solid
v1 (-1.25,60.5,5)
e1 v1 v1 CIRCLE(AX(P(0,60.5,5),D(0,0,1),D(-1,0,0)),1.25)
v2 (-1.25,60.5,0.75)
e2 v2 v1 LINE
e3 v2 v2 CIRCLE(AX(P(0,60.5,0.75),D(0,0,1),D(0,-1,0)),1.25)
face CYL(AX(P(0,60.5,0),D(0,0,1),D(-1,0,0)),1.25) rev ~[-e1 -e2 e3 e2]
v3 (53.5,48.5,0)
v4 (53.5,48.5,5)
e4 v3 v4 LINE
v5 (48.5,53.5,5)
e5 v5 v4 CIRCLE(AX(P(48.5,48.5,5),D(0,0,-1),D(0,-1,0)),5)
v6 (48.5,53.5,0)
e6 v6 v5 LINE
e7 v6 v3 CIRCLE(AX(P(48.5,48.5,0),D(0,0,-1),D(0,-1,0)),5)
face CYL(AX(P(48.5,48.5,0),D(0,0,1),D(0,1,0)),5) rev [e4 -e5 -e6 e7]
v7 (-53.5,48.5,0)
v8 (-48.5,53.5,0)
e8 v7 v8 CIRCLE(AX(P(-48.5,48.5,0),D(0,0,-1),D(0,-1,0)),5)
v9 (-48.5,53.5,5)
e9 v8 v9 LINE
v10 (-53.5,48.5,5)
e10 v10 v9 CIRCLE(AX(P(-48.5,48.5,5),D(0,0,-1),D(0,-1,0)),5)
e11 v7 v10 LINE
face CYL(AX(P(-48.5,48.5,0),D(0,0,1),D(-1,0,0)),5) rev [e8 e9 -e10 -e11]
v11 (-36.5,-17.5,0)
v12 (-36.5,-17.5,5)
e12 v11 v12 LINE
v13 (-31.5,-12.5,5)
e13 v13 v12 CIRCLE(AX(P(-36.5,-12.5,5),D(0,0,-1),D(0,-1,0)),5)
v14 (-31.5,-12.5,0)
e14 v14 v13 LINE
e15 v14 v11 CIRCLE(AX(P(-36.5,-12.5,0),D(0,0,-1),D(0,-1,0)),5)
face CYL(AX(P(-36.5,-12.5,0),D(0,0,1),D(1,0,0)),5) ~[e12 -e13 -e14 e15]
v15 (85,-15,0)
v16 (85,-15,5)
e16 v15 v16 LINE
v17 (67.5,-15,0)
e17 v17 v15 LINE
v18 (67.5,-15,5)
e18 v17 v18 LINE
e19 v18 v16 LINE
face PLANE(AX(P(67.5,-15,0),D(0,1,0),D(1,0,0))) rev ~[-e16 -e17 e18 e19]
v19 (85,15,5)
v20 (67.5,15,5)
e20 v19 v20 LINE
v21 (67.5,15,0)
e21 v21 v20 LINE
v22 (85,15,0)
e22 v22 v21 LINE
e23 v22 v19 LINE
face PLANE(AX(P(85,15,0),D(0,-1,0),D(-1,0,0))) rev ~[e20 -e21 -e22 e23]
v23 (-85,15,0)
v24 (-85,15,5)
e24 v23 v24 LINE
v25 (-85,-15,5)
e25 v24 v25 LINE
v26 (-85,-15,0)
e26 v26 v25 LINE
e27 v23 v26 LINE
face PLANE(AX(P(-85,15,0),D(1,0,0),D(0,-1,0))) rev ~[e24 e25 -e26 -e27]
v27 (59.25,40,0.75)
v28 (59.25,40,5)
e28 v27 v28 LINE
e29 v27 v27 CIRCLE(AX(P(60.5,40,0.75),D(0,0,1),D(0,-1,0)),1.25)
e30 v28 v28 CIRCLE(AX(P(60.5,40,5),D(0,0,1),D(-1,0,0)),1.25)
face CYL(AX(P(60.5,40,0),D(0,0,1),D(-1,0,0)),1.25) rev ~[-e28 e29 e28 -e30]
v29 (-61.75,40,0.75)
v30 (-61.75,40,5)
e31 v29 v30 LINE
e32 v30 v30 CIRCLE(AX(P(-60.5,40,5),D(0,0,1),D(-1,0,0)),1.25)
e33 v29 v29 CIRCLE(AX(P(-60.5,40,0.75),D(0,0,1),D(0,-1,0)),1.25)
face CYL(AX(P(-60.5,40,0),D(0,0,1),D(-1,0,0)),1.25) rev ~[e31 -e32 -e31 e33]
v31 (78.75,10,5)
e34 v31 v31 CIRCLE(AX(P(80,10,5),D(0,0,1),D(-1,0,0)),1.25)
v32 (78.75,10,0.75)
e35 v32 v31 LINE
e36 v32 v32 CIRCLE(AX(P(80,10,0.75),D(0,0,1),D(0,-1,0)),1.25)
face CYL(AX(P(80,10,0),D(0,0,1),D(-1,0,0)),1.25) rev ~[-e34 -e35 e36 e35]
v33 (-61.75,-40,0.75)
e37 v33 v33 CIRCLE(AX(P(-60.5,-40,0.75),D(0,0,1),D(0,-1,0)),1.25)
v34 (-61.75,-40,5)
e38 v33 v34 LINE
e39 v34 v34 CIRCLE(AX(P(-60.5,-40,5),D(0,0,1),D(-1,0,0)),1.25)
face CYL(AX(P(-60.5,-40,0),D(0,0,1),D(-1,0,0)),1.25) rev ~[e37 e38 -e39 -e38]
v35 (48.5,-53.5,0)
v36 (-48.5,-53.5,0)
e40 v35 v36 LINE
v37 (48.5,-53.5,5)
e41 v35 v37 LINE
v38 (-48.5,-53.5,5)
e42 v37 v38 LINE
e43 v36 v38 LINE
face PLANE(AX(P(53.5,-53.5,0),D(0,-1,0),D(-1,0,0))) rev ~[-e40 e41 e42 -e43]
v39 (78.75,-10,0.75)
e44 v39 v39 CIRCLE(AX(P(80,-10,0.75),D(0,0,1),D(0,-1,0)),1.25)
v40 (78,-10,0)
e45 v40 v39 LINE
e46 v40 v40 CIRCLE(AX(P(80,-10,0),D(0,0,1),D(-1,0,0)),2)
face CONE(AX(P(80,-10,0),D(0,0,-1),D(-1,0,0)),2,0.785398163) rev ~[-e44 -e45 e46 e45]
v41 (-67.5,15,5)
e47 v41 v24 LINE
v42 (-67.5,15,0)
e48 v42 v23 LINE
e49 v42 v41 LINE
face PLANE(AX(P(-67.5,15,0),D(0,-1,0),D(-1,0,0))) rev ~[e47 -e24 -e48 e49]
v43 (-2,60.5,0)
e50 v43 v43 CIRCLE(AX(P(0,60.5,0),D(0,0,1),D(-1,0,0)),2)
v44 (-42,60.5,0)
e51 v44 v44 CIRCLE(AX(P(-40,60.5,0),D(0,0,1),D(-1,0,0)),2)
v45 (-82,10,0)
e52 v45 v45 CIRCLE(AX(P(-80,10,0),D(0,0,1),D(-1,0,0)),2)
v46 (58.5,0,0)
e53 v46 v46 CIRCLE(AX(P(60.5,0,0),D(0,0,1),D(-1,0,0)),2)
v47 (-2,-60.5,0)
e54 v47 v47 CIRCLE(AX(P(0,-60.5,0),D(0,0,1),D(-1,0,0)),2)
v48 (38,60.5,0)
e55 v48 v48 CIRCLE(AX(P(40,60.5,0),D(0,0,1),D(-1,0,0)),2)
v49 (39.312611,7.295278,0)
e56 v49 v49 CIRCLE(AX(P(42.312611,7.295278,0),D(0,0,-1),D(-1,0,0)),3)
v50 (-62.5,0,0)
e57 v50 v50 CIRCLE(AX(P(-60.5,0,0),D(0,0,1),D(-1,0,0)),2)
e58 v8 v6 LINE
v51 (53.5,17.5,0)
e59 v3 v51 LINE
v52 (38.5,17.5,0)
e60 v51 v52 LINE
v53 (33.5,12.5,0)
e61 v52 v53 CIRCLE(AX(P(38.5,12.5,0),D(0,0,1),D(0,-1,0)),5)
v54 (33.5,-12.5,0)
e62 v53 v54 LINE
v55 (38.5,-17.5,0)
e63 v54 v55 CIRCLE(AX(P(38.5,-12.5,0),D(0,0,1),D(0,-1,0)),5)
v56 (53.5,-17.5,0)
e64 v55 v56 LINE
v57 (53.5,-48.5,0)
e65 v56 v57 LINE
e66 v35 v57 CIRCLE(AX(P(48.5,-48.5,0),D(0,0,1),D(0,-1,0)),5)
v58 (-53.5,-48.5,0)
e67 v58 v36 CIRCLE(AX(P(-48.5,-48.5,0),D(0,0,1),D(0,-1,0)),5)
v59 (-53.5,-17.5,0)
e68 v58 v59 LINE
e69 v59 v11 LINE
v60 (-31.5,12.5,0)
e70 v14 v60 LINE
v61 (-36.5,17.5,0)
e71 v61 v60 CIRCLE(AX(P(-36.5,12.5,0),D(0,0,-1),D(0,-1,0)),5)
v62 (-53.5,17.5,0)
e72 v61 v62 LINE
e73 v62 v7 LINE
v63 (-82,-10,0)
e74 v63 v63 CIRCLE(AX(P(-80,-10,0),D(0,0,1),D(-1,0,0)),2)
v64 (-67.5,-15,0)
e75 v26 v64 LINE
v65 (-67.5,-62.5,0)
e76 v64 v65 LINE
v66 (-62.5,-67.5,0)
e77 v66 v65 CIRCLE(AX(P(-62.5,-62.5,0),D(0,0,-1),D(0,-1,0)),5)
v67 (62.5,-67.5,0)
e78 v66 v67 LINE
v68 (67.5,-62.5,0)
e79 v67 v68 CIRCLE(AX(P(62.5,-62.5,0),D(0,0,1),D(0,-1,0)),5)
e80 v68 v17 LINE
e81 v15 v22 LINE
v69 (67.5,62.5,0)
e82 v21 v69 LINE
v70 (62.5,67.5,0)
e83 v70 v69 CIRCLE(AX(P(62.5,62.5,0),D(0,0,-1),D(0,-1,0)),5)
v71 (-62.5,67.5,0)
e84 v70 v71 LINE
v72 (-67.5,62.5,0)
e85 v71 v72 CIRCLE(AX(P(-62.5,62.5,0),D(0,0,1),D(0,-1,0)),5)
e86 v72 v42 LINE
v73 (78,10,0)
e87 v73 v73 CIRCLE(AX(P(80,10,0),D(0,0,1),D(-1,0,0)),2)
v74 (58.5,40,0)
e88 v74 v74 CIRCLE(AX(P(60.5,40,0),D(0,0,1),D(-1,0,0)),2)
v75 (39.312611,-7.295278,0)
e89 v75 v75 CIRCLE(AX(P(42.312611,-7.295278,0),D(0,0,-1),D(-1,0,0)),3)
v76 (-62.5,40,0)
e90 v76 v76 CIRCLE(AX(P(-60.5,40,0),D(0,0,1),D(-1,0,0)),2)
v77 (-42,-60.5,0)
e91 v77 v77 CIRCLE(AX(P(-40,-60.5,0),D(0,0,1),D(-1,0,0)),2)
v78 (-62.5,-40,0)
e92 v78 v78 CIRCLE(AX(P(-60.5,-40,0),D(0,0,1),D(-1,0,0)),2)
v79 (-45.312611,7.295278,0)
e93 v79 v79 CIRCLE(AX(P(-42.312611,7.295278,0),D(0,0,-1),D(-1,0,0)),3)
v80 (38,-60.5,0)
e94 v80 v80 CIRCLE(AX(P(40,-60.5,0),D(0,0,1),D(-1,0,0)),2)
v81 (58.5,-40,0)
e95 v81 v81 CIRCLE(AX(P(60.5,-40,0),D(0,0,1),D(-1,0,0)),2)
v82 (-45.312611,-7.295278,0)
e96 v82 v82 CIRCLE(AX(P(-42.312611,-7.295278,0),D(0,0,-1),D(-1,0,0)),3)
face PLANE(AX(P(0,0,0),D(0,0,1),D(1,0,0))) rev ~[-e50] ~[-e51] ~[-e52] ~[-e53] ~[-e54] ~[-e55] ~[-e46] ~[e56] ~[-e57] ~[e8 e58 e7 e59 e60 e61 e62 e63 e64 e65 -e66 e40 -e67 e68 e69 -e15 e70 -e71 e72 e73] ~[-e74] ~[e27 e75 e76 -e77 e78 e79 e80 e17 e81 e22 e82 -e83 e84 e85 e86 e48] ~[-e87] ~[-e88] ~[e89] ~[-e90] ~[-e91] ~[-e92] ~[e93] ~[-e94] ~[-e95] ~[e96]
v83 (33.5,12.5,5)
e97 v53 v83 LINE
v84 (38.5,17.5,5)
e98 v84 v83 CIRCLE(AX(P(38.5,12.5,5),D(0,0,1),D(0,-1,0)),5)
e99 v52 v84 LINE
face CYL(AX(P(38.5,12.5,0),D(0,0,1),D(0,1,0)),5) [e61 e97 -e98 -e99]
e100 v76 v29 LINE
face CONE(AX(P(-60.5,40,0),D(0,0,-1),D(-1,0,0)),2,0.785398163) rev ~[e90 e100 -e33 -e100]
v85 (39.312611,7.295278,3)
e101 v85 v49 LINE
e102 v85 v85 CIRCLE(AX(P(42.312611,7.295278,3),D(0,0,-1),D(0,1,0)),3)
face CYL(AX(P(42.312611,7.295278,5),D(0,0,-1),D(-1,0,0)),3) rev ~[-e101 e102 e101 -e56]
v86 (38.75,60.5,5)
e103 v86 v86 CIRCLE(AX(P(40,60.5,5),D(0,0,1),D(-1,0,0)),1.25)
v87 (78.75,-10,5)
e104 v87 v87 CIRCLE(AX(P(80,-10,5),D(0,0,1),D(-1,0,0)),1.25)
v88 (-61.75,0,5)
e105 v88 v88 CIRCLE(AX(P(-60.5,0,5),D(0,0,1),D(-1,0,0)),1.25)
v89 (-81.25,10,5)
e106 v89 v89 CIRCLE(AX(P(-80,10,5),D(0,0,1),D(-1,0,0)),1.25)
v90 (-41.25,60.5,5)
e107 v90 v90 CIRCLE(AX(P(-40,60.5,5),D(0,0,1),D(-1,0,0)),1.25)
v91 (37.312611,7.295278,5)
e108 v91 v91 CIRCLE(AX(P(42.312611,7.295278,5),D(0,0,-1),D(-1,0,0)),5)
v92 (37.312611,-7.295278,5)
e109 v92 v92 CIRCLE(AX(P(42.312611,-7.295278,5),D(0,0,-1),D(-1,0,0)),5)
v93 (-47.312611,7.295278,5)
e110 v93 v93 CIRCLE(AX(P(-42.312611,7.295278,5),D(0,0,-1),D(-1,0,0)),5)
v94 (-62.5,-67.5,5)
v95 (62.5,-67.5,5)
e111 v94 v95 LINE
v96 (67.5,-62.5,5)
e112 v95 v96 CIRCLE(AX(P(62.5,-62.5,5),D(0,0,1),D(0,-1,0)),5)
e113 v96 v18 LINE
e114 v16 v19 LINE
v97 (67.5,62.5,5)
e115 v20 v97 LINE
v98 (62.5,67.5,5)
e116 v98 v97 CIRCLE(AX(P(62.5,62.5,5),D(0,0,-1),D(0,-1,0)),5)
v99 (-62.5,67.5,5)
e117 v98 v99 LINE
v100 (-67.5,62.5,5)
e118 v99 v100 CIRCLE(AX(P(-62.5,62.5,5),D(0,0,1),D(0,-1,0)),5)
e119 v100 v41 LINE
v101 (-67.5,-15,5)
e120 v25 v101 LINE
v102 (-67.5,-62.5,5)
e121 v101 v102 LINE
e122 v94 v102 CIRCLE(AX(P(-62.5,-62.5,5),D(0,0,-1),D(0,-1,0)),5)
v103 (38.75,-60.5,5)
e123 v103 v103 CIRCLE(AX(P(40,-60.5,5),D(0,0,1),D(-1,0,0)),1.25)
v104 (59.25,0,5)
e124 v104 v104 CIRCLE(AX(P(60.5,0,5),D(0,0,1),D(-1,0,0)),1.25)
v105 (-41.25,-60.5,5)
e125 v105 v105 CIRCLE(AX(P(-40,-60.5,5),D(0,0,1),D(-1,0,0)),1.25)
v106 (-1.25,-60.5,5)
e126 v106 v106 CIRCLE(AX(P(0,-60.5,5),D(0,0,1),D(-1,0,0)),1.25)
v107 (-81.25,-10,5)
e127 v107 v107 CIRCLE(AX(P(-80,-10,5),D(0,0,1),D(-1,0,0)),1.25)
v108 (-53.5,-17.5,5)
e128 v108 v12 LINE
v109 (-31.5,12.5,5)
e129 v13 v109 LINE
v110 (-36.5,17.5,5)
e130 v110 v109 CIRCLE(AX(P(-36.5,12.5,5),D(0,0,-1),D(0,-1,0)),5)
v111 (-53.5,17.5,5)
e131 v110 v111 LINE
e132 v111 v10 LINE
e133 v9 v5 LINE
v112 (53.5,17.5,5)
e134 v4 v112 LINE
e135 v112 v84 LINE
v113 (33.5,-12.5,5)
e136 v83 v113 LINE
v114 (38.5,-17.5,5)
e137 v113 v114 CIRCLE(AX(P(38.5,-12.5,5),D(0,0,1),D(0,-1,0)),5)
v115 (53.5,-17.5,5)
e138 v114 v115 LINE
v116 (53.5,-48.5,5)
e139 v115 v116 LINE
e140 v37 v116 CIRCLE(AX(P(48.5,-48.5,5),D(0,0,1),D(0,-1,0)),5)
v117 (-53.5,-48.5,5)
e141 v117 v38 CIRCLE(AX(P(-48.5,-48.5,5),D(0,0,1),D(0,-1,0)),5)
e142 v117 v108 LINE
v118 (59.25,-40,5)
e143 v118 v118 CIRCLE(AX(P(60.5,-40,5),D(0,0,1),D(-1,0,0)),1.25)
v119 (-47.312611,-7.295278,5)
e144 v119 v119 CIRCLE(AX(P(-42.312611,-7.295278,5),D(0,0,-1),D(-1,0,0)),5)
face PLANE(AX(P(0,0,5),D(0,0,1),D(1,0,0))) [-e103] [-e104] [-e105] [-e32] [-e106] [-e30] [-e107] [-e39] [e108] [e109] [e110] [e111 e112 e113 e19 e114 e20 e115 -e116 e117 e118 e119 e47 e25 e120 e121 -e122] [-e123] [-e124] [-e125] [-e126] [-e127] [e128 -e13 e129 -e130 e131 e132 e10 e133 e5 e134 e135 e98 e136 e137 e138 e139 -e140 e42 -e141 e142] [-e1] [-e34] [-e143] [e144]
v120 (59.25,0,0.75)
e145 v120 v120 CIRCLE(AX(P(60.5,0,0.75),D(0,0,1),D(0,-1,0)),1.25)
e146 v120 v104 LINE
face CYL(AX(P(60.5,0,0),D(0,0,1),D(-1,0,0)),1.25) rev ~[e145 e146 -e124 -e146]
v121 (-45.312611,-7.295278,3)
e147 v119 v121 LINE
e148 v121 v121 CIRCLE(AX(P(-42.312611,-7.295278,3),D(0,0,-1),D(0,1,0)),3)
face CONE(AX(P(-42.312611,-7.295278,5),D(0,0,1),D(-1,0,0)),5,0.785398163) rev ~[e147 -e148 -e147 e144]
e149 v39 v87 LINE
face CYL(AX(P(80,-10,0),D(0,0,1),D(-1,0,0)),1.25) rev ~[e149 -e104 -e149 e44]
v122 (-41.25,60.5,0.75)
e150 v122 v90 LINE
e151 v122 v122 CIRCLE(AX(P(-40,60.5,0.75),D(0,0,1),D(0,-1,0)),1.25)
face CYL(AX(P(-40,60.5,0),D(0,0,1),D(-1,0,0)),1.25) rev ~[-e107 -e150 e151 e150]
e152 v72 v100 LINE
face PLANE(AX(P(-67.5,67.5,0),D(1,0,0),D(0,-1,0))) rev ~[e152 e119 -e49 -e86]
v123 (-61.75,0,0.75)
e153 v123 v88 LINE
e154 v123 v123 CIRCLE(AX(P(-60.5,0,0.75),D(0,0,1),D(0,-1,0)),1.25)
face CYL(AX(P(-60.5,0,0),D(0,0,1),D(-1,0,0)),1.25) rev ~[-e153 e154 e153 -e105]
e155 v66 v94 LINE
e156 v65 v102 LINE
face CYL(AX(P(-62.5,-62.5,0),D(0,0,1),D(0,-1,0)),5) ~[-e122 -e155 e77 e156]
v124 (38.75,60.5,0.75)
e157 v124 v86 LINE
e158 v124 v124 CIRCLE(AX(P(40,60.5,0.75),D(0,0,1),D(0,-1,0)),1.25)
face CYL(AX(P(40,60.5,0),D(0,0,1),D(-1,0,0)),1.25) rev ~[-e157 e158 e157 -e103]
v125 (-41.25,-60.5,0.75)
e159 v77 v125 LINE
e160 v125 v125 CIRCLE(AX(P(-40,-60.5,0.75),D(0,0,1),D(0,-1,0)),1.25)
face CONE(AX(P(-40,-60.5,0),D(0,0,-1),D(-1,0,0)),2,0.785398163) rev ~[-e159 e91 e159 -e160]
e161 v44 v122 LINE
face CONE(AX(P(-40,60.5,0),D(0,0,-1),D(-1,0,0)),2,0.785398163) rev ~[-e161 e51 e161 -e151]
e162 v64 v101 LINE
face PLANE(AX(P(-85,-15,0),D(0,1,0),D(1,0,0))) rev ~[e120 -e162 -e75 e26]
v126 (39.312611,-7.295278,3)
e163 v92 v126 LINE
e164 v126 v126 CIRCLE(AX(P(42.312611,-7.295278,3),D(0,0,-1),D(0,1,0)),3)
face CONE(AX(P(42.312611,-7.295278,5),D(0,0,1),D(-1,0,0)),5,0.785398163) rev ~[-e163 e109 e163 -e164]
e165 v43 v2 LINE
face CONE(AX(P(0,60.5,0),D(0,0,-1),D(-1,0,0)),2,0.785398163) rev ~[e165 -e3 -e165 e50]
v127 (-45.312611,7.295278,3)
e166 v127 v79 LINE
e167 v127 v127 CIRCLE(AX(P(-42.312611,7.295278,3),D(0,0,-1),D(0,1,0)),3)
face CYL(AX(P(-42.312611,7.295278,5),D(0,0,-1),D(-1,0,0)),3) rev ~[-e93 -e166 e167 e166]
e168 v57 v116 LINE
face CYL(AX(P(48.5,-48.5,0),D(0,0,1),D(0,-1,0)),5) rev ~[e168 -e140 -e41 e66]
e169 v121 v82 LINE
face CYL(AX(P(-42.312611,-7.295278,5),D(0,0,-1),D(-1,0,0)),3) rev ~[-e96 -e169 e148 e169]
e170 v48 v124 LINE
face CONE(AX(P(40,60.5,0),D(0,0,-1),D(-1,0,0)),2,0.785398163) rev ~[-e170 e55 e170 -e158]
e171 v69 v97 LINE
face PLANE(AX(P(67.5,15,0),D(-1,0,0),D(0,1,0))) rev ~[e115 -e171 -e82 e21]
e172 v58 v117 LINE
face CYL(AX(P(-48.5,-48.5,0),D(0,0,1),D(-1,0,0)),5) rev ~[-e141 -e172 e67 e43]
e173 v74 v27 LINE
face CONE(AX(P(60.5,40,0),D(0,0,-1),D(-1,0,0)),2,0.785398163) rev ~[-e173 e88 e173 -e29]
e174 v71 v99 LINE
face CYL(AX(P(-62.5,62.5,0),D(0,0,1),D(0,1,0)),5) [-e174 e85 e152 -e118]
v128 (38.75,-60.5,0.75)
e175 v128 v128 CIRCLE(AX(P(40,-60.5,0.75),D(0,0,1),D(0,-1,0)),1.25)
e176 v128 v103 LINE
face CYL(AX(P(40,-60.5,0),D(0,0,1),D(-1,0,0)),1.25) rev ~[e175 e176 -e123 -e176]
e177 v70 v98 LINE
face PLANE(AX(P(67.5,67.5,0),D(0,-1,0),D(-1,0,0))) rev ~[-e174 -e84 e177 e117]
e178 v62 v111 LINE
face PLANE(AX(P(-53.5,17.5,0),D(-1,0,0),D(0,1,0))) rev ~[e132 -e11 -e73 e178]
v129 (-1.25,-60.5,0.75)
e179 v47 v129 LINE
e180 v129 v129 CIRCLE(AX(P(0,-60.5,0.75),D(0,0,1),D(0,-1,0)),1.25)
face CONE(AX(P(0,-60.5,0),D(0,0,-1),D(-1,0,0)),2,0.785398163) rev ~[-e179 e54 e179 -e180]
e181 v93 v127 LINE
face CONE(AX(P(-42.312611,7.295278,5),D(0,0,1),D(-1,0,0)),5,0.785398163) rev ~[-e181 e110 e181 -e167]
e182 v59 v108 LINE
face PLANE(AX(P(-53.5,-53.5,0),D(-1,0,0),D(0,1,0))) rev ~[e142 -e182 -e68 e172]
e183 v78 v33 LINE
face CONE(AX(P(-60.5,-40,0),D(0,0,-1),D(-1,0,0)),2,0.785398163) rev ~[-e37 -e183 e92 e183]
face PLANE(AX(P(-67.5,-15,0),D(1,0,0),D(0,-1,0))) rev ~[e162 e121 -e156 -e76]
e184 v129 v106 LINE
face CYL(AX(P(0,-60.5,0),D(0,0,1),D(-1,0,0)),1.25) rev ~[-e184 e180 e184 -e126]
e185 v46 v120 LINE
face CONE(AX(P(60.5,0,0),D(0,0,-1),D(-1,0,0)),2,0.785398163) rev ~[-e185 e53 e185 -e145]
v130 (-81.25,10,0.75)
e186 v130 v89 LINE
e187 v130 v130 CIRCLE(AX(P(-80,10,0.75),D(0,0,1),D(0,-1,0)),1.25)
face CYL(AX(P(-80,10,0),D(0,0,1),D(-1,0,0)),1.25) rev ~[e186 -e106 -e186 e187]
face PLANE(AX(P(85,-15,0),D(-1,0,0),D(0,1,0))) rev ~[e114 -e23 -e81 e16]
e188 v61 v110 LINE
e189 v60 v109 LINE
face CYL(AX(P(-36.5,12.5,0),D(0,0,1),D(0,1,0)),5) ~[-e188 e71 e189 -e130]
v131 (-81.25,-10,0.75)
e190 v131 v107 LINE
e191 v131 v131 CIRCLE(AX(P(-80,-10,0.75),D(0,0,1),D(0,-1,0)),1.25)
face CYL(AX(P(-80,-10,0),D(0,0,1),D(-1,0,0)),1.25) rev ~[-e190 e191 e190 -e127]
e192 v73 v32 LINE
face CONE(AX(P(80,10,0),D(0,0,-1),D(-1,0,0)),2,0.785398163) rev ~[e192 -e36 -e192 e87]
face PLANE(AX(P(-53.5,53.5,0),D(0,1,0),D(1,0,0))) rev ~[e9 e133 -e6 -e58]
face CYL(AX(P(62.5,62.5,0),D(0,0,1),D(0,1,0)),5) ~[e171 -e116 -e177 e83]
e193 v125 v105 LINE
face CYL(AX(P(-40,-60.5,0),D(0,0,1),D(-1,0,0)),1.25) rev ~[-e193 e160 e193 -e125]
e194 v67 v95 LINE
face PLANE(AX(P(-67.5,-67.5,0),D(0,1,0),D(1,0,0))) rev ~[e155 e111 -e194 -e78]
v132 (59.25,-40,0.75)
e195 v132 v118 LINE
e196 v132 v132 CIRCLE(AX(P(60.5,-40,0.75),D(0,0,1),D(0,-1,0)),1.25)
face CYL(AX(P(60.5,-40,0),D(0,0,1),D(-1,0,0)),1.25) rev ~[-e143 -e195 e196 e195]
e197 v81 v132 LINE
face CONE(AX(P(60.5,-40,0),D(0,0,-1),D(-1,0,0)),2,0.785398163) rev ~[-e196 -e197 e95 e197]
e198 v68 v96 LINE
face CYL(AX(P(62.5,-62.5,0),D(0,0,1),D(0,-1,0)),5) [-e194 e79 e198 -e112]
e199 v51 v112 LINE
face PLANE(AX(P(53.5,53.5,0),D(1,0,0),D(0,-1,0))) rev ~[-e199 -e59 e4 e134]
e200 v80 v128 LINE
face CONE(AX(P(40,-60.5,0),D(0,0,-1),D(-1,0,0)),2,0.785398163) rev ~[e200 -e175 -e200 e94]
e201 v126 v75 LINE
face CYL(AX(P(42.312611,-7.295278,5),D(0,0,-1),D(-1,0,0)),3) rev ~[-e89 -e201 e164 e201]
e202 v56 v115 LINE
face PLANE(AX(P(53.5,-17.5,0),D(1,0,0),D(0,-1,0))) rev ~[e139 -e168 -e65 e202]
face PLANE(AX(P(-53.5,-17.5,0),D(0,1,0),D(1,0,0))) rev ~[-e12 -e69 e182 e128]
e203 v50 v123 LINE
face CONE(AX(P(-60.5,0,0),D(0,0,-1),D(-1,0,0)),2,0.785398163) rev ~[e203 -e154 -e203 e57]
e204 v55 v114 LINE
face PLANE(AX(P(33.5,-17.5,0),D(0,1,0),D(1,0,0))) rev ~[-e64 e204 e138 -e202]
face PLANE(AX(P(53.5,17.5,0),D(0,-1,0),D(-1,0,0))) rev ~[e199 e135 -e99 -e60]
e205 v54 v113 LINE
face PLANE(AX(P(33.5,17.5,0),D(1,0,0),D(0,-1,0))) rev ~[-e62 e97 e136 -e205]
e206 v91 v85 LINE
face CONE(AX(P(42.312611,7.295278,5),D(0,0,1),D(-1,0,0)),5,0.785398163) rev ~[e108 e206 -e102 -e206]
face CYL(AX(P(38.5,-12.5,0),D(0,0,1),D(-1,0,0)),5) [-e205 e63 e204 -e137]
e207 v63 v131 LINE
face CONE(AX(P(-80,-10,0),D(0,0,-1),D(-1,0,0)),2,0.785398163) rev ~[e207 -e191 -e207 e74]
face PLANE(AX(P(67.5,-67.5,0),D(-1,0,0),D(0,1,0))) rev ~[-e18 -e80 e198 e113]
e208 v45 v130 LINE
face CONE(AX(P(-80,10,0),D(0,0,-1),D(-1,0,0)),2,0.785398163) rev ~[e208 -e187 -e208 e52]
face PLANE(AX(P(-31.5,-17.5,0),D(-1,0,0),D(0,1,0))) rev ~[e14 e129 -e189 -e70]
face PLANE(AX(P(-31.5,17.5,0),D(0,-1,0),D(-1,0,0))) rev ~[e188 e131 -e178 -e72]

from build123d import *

# Parameters (mm, degrees)
F1_DEPTH       = 5
F2_D           = 2.5
F2_CSINK_D     = 4
F2_CSINK_ANGLE = 90
F3_R           = 5
F4_R           = 5
F6_D           = 6
F6_DEPTH       = 12
F6_CSINK_D     = 10
F6_CSINK_ANGLE = 90
F6_TIP         = 1.8025818571


with BuildPart() as f1:
    # F0 (on Top) → F1 (new body)
    with BuildSketch(Plane.XY):
        Polygon((-67.5, -67.5), (67.5, -67.5), (67.5, -15), (67.5, 0), (67.5, 15), (67.5, 67.5), (-67.5, 67.5), (-67.5, 15), (-67.5, 0), (-67.5, -15), align=None)
        Polygon((-53.5, 17.5), (-53.5, 53.5), (53.5, 53.5), (53.5, 17.5), (53.5, 0), (53.5, -17.5), (53.5, -53.5), (-53.5, -53.5), (-53.5, -17.5), align=None, mode=Mode.SUBTRACT)
        Polygon((-31.5, 17.5), (-53.5, 17.5), (-53.5, -17.5), (-31.5, -17.5), (-31.5, 0), align=None)
        Polygon((53.5, 0), (53.5, 17.5), (33.5, 17.5), (33.5, 0), (33.5, -17.5), (53.5, -17.5), align=None)
        Polygon((-85, -15), (-67.5, -15), (-67.5, 0), (-67.5, 15), (-85, 15), (-85, 0), align=None)
        Polygon((67.5, 0), (67.5, -15), (85, -15), (85, 0), (85, 15), (67.5, 15), align=None)
    extrude(amount=F1_DEPTH)

    # F2 (through all)
    with Locations(Plane(origin=(0, 0, 0), x_dir=(1, 0, 0), z_dir=(0, 0, -1))):
        with Locations((-60.5, 0), (-60.5, 40), (-60.5, -40), (-40, -60.5), (0, -60.5), (40, -60.5), (60.5, -40), (60.5, 0), (60.5, 40), (40, 60.5), (0, 60.5), (-40, 60.5), (-80, 10), (-80, -10), (80, 10), (80, -10)):
            CounterSinkHole(F2_D / 2, F2_CSINK_D / 2, counter_sink_angle=F2_CSINK_ANGLE)

    # F3
    f3_edges = [f1.edges().sort_by_distance(p)[0] for p in [
        (-31.5, 17.5, 2.5),
        (33.5, -17.5, 2.5),
        (33.5, 17.5, 2.5),
        (-67.5, 67.5, 2.5),
        (67.5, 67.5, 2.5),
        (67.5, -67.5, 2.5),
        (-31.5, -17.5, 2.5),
        (-67.5, -67.5, 2.5),
    ]]
    fillet(f3_edges, radius=F3_R)

    # F4
    f4_edges = [f1.edges().sort_by_distance(p)[0] for p in [
        (-53.5, -53.5, 2.5),
        (-53.5, 53.5, 2.5),
        (53.5, -53.5, 2.5),
        (53.5, 53.5, 2.5),
    ]]
    fillet(f4_edges, radius=F4_R)

    # F6
    with Locations(Plane.XY.offset(5)):
        with Locations((-42.3126109545, 7.2952777508), (-42.3126109545, -7.2952777508), (42.3126109545, 7.2952777508), (42.3126109545, -7.2952777508)):
            CounterSinkHole(F6_D / 2, F6_CSINK_D / 2, depth=F6_DEPTH, counter_sink_angle=F6_CSINK_ANGLE)
            with Locations((0, 0, -(F6_DEPTH + F6_TIP / 2))):  # 118° drill point
                Cone(0, F6_D / 2, F6_TIP, mode=Mode.SUBTRACT)


solid = f1.part
